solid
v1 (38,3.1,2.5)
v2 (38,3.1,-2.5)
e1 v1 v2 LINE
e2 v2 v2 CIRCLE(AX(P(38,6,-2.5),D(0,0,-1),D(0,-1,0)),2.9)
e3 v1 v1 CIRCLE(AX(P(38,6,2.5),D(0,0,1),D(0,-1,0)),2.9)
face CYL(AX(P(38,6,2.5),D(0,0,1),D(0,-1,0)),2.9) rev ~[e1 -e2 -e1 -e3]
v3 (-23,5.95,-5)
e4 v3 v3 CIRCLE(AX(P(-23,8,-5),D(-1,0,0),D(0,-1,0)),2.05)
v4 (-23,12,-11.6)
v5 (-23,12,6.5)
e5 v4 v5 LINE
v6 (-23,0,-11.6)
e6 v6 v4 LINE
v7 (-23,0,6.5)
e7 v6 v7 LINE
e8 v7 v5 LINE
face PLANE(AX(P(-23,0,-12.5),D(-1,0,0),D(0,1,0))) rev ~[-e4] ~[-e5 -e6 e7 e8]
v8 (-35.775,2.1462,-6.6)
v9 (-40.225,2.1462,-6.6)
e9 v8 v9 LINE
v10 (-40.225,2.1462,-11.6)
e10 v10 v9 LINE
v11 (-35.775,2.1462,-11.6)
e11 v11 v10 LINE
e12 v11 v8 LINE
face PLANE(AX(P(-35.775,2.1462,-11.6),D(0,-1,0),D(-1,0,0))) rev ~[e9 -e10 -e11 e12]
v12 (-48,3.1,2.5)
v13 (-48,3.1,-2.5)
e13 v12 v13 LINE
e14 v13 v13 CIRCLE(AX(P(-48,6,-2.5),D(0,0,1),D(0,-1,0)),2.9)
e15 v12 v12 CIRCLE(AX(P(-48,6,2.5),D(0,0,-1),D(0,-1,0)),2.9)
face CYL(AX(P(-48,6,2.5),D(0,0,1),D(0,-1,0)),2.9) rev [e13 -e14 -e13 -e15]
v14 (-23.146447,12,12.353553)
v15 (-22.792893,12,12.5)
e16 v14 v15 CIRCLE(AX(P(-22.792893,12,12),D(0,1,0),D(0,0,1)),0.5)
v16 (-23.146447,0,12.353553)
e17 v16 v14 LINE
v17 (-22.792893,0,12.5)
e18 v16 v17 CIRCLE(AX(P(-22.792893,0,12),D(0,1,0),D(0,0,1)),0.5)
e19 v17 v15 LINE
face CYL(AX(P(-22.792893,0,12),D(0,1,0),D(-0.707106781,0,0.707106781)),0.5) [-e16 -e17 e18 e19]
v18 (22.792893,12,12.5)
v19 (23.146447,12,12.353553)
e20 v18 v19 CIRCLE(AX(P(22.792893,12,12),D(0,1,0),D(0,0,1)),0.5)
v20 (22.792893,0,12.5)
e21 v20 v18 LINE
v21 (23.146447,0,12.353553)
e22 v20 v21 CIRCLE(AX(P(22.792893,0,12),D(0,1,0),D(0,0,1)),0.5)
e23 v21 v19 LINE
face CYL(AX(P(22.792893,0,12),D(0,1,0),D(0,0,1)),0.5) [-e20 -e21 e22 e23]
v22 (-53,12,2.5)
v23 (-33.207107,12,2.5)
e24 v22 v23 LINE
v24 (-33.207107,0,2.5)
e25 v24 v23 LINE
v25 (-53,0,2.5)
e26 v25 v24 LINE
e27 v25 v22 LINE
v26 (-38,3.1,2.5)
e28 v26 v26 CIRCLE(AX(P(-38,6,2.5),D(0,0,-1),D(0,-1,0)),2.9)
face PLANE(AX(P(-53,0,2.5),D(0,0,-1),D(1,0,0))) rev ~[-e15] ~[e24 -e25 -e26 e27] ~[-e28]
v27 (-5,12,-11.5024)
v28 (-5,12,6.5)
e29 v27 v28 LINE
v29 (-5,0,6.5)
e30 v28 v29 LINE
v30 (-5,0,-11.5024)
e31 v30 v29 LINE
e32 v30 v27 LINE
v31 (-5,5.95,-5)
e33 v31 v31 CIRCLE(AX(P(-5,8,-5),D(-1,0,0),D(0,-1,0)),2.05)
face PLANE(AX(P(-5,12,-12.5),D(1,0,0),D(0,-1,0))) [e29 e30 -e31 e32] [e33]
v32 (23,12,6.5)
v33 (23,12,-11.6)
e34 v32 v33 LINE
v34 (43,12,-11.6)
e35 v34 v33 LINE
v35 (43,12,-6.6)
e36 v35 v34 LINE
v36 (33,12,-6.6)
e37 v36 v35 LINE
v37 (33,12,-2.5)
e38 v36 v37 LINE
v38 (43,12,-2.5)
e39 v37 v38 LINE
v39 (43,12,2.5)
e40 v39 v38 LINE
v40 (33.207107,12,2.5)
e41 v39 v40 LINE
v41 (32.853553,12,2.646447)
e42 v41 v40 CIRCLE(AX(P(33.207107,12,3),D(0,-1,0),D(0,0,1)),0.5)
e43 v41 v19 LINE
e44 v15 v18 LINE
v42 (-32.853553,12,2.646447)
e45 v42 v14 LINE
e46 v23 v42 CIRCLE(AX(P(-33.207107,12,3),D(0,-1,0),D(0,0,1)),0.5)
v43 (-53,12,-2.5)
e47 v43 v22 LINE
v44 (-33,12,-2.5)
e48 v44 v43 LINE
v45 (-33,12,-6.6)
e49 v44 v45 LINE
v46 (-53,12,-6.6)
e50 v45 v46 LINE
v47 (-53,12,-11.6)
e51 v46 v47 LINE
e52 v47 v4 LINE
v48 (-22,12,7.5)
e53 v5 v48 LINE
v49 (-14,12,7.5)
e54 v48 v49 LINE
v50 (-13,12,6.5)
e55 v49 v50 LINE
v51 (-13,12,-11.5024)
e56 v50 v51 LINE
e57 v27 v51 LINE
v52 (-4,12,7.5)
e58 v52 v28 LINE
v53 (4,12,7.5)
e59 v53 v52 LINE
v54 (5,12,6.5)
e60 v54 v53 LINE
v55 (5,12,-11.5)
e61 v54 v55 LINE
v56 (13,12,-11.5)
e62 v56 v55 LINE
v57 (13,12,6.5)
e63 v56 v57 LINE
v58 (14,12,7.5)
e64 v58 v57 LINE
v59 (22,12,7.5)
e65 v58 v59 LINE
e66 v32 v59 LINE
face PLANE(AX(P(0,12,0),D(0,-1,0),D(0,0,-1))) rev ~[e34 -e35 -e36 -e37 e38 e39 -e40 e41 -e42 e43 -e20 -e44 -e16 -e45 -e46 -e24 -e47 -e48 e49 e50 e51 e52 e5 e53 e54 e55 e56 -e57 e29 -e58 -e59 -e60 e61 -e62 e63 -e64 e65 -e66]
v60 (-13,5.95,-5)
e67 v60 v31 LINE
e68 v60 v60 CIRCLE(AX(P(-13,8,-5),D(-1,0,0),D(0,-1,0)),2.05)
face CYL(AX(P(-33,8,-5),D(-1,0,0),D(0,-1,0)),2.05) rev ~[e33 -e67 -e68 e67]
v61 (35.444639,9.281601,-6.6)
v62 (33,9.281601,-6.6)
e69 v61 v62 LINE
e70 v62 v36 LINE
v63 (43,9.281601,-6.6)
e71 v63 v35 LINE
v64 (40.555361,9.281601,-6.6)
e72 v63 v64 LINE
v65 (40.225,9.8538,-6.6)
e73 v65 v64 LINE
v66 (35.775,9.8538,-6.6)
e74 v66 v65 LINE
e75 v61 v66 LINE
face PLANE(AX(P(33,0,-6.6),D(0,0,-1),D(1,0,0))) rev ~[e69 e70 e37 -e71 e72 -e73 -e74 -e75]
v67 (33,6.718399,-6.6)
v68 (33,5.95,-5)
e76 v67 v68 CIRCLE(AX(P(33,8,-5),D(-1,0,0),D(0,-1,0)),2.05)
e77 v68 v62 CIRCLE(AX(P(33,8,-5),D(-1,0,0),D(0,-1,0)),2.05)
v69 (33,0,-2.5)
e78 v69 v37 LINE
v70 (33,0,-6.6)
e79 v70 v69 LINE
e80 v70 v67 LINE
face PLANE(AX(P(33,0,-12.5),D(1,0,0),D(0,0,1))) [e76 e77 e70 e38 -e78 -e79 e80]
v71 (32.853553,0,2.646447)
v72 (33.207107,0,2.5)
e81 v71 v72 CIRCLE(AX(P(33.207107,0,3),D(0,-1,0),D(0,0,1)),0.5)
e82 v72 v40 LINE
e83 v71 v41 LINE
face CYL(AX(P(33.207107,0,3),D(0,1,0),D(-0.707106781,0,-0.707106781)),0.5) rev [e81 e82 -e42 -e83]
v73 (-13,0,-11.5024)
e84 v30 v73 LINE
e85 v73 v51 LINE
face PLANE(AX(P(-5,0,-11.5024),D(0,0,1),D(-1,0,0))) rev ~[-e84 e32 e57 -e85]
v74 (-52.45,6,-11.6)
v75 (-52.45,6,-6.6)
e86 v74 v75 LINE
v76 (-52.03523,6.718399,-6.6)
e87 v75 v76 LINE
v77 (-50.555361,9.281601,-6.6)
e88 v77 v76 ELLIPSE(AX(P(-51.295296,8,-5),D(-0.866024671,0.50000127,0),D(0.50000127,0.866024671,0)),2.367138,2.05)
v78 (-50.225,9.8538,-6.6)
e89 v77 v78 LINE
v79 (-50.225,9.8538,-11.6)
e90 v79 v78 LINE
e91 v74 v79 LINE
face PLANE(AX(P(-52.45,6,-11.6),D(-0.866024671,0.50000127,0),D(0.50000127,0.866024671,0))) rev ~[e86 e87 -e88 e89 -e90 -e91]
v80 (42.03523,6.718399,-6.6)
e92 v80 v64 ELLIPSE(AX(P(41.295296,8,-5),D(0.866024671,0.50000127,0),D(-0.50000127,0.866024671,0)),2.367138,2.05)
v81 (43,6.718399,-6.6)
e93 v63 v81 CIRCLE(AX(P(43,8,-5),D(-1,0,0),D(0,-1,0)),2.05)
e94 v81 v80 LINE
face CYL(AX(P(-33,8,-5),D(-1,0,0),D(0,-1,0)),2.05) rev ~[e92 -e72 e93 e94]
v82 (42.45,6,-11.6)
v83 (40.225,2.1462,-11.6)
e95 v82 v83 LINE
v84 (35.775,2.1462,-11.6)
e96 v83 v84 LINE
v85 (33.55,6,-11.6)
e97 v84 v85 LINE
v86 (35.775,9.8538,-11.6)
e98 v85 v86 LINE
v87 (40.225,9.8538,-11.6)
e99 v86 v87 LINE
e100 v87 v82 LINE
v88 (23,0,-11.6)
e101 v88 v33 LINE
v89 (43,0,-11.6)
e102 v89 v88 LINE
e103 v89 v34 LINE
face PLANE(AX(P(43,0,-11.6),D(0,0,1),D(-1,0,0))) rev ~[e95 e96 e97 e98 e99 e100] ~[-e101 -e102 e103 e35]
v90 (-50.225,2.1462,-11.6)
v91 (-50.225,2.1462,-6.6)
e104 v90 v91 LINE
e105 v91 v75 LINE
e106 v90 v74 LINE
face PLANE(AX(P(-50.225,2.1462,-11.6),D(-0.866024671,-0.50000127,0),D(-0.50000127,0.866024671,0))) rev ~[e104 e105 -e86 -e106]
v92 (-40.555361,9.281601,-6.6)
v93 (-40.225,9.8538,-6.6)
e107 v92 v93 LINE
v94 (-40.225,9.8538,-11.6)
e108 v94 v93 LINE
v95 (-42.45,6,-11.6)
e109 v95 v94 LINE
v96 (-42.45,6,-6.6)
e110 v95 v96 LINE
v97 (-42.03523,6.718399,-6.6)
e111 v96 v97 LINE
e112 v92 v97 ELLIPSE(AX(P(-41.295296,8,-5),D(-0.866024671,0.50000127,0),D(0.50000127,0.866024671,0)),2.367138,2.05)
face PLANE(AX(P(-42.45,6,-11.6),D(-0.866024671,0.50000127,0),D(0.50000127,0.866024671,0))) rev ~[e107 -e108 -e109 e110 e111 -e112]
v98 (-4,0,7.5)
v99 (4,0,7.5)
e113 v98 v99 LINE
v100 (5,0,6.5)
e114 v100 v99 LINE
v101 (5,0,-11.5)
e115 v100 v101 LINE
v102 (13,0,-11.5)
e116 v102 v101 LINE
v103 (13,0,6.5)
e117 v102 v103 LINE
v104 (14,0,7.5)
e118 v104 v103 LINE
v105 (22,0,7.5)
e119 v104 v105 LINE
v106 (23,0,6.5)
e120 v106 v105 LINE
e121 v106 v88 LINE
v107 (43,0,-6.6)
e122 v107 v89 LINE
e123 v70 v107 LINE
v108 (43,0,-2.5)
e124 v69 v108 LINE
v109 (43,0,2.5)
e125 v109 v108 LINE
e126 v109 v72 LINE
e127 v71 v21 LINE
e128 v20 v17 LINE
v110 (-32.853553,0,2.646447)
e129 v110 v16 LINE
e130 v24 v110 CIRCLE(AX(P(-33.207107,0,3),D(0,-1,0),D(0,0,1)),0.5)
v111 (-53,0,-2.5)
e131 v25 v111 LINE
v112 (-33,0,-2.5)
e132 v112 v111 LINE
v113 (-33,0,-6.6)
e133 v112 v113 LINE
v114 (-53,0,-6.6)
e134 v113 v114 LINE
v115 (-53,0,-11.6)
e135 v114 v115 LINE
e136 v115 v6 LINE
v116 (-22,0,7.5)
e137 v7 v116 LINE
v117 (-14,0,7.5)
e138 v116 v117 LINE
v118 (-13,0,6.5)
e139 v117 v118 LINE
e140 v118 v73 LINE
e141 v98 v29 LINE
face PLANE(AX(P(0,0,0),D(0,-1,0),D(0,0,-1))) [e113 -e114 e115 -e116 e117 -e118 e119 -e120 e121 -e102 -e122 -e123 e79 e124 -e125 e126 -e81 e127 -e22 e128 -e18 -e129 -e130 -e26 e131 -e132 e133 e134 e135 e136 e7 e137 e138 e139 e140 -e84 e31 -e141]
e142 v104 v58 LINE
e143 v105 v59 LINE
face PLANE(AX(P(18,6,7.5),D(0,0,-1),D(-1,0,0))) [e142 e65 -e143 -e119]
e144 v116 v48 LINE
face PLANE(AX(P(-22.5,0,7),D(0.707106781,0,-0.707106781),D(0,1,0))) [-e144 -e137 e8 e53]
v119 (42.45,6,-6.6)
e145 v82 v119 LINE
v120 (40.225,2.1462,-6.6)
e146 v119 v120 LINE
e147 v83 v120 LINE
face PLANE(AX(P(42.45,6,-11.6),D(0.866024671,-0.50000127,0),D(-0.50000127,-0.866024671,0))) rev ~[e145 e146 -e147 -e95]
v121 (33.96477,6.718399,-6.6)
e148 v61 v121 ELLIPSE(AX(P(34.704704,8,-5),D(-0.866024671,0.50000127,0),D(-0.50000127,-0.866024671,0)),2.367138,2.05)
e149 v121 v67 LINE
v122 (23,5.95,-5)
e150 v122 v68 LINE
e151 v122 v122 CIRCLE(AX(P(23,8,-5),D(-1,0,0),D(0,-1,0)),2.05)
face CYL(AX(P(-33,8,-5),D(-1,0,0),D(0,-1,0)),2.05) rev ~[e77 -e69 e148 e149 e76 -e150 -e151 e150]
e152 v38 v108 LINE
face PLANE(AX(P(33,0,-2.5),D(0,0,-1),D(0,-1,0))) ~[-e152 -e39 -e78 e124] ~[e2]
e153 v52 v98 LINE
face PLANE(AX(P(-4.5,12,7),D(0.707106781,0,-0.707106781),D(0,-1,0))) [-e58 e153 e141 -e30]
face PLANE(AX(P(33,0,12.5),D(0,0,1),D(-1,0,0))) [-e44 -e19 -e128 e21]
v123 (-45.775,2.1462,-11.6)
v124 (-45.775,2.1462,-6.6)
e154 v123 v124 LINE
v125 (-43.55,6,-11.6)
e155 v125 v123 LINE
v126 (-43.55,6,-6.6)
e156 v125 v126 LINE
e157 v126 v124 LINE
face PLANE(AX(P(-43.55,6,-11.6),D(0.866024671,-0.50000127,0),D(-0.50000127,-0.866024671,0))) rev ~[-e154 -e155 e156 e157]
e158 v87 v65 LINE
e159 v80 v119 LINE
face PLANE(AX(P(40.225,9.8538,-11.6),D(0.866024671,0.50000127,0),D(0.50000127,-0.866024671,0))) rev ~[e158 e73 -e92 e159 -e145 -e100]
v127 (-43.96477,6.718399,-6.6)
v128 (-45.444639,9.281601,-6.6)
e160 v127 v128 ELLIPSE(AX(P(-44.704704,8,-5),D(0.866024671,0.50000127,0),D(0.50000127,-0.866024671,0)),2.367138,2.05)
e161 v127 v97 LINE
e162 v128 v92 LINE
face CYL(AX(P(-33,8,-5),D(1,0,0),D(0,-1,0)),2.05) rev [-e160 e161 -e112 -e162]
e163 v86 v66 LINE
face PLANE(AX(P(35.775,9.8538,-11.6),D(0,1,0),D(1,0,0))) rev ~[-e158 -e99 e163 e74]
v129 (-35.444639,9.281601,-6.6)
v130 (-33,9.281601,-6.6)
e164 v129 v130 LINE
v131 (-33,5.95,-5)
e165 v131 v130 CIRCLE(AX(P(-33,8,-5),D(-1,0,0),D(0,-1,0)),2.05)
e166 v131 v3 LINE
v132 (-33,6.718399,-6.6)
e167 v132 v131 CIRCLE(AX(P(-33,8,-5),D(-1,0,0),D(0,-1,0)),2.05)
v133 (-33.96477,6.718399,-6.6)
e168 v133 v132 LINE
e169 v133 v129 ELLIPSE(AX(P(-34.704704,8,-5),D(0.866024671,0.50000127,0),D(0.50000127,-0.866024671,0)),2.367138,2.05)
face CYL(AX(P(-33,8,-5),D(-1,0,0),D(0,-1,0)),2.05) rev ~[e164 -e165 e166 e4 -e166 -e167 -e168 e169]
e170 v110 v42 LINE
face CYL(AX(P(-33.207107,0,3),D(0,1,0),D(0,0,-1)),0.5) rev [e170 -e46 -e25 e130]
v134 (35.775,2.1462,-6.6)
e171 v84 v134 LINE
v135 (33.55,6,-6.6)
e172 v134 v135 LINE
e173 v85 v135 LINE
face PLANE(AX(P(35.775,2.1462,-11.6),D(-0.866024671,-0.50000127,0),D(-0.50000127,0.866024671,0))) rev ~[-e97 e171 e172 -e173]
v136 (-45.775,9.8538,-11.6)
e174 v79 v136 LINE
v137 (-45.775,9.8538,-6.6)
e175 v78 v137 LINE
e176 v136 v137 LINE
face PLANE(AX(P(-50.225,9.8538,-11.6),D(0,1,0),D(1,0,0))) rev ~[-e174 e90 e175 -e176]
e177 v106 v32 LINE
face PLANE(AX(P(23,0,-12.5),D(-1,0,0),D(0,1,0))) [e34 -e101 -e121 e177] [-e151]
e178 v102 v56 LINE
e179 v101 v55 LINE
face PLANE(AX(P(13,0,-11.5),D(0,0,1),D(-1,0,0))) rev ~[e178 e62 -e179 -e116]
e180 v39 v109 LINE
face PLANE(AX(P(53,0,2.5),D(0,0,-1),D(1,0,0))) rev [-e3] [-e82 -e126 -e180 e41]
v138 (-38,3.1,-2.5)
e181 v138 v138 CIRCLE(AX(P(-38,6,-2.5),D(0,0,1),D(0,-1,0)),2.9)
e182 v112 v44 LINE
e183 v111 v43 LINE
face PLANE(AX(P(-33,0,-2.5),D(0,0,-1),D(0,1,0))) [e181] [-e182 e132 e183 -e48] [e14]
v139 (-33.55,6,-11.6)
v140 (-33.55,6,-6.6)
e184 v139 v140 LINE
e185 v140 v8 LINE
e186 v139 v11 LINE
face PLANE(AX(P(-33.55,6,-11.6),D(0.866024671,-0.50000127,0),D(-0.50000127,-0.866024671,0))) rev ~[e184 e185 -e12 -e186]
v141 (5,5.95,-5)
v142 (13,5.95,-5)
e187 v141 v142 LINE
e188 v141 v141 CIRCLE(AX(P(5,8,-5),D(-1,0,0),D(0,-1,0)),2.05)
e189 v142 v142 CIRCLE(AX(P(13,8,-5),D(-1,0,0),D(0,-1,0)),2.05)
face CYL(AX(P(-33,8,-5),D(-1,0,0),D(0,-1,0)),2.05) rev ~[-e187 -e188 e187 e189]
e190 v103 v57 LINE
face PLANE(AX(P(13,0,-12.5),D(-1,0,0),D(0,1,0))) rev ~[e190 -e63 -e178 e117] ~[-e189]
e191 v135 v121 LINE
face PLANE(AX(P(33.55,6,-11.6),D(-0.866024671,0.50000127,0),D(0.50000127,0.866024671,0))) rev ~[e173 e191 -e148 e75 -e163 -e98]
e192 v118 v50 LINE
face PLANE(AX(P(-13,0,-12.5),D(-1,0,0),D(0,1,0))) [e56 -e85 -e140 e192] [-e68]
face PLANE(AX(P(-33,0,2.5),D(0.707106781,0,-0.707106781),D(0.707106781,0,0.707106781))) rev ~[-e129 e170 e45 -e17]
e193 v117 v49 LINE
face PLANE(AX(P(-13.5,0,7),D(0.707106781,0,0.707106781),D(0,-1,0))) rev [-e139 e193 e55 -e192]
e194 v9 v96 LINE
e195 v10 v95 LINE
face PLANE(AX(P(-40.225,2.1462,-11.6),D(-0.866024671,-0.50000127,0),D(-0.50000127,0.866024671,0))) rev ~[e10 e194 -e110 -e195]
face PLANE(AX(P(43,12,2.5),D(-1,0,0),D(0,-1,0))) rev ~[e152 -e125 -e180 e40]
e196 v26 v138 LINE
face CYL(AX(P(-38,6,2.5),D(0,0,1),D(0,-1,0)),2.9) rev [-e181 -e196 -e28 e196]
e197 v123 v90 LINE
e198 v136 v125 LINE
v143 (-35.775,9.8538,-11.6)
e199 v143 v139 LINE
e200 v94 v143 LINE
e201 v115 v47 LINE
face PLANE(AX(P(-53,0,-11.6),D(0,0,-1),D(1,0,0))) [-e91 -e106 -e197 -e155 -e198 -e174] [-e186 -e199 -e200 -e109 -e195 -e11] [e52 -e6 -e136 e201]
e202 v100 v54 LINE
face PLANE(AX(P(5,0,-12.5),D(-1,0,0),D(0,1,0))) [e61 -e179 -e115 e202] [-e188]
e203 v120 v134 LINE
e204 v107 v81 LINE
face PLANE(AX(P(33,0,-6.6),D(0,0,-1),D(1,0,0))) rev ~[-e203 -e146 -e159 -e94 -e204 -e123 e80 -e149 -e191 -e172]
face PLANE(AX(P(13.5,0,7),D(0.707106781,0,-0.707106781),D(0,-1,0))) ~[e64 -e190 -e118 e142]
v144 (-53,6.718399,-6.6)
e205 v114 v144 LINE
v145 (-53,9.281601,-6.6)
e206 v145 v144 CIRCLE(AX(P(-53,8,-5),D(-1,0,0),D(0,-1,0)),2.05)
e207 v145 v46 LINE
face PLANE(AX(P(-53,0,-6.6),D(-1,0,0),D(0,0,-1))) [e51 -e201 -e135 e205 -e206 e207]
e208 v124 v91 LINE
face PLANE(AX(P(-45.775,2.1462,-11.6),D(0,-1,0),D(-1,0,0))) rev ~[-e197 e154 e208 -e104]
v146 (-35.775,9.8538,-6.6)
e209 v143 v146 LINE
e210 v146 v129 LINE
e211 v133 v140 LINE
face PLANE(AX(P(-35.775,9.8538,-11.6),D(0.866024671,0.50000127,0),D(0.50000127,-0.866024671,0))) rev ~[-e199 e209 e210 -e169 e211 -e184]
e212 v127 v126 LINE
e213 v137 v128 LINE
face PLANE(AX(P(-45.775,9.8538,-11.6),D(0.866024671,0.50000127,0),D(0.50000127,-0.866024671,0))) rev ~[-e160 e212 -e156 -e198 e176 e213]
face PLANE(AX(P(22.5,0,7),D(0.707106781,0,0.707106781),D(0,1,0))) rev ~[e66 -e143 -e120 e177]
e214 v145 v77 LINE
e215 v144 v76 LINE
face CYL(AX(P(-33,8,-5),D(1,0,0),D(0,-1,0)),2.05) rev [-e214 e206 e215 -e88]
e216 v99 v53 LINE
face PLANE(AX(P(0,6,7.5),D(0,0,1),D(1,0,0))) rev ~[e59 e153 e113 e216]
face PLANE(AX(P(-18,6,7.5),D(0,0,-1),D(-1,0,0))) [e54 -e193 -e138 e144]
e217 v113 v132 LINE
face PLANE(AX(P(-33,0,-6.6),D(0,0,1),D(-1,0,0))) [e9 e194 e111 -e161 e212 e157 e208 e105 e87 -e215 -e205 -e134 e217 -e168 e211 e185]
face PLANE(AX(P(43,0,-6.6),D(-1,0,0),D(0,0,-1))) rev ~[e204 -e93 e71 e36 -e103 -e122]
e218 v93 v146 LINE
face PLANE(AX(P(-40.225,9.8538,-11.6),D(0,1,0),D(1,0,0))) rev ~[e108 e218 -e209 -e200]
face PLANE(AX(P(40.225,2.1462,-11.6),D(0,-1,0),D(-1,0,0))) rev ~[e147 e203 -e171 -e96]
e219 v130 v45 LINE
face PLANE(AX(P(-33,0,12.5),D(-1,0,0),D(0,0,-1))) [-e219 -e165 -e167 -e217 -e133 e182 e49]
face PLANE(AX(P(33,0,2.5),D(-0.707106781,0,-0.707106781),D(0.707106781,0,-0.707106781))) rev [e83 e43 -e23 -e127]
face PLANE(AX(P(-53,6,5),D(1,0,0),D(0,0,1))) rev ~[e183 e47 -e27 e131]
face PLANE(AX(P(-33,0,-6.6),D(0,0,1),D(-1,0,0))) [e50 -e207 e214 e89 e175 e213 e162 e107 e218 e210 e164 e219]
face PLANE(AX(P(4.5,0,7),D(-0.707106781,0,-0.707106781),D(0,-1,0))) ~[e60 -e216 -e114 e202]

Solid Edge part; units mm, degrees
sketch "Sketch1" plane through (0, 0, 0) normal (0, -1, 0) x (1, 0, 0)
  line L0 (-33, -12.5) -> (33, -12.5)
  line L1 (33, -12.5) -> (33, 12.5)
  line L2 (33, 12.5) -> (-33, 12.5)
  line L3 (-33, 12.5) -> (-33, -12.5)
  dimension "D1" = 66
  dimension "D2" = 25
extrude "Protrusion1" add sketch "Sketch1" against normal blind 12
sketch "Sketch2" plane through (0, 6, -12.5) normal (0, 0, -1) x (1, 0, 0)
  line L0 (13, 6) -> (13, -6)
  line L1 (13, -6) -> (23, -6)
  line L2 (23, 6) -> (23, -6)
  line L3 (13, 6) -> (23, 6)
  line L4 (-5, 6) -> (5, 6)
  line L5 (5, 6) -> (5, -6)
  line L6 (5, -6) -> (-5, -6)
  line L7 (-5, -6) -> (-5, 6)
  line L8 (-23, 6) -> (-23, -6)
  line L9 (-23, -6) -> (-13, -6)
  line L10 (-13, 6) -> (-13, -6)
  line L11 (-23, 6) -> (-13, 6)
  dimension "D1" = 10
  dimension "D2" = 10
  dimension "D3" = 10
  dimension "D4" = 46
  dimension "D5" = 10
  dimension "D6" = 13
extrude "Extrusionsausschnitt_1" cut sketch "Sketch2" against normal blind 20
sketch "Sketch3" plane through (-33, 6, 0) normal (-1, 0, 0) x (0, -1, 0)
  line L0 (-6, 12.5) -> (6, 12.5)
  line L1 (6, 12.5) -> (6, -2.5)
  line L2 (6, -2.5) -> (-6, -2.5)
  line L3 (-6, -2.5) -> (-6, 12.5)
  dimension "D1" = 10
extrude "Extrusionsausprägung_2" add sketch "Sketch3" along normal blind 20
mirror "Mirror1" about plane through (0, 0, 0) normal (1, 0, 0) of "Extrusionsausprägung_2"
sketch "Sketch4" plane through (0, 0, 0) normal (0, -1, 0) x (1, 0, 0)
  line L0 (-33, -10.5) -> (33, -10.5)
  dimension "D1" = 8
extrude "Extrusionsausschnitt_3" cut sketch "Sketch4" against normal blind 62.4108 material side at (0, 0, -10.55)
sketch "Sketch5" plane through (0, 0, 1) normal (0, -1, 0) x (1, 0, 0)
  line L0 (-53, 1.5) -> (-33, 1.5)
  line L1 (-33, 1.5) -> (-23, 11.5)
  dimension "D1" = 20
  dimension "D2" = 5
extrude "Extrusionsausschnitt_4" cut sketch "Sketch5" against normal blind 64.7066 material side at (-43, 0, 2.55)
hole "Bohrung_1" at (-48, 6, 2.5) direction (0, 0, -1) diameter 5.8 end up to next
hole "Hole1" at (-38, 6, 2.5) direction (0, 0, -1) diameter 5.8 end up to next
fillet "Verrundung_1" radius 0.5 2 edges at (-33, 6, 2.5) (-23, 6, 12.5)
chamfer "Fase_1" distance 1 angle 45 4 edges at (-23, 6, 7.5) (-13, 6, 7.5) (13, 6, 7.5) (23, 6, 7.5)
mirror "Mirror2" about plane through (0, 0, 0) normal (1, 0, 0) of "Extrusionsausschnitt_4", "Bohrung_1", "Hole1"
fillet "Round1" radius 0.5 2 edges at (33, 6, 2.5) (23, 6, 12.5)
chamfer "Chamfer1" [suppressed]
sketch "Sketch6" plane through (43.1036, 6, 2.5) normal (0, 0, 1) x (1, 0, 0)
  line L0 (-0.1036, 6) -> (-0.1036, -6)
  dimension "D1" = 5
extrude "Extrusionsausschnitt_6" cut sketch "Sketch6" against normal blind 27.3244 material side at (43.05, 6, 2.5)
chamfer "Fase_3" distance 1 angle 45 2 edges at (-5, 6, 7.5) (5, 6, 7.5)
sketch "Sketch7" plane through (-5, 0, 1) normal (0, -1, 0) x (1, 0, 0)
  line L0 (-28, -7.6) -> (-48, -7.6)
  line L1 (-48, -7.6) -> (-48, -12.6)
  line L2 (-48, -12.6) -> (-18, -12.6)
  line L3 (-18, -12.6) -> (-18, -11.5)
  line L4 (-18, -11.5) -> (-28, -11.5)
  line L5 (-28, -11.5) -> (-28, -7.6)
  line L6 (38, -7.6) -> (48, -7.6)
  line L7 (48, -7.6) -> (48, -12.6)
  line L8 (48, -12.6) -> (28, -12.6)
  line L9 (28, -12.6) -> (28, -11.5)
  line L10 (28, -11.5) -> (38, -11.5)
  line L11 (38, -11.5) -> (38, -7.6)
  line L12 (-8, -11.5) -> (0, -11.5)
  line L13 (0, -11.5) -> (0, -12.5024)
  line L14 (0, -12.5024) -> (-8, -12.5024)
  line L15 (-8, -12.5024) -> (-8, -11.5)
  line L16 (10, -11.5) -> (18, -11.5)
  line L17 (18, -11.5) -> (18, -12.5)
  line L18 (18, -12.5) -> (10, -12.5)
  line L19 (10, -12.5) -> (10, -11.5)
  dimension "D1" = 5
  dimension "D2" = 4.1
  dimension "D3" = 5
  dimension "D4" = 4.1
  dimension "D5" = 1.0024
  dimension "D6" = 1
extrude "Protrusion3" add sketch "Sketch7" against normal up to vertex (12 mm away)
sketch "Sketch8" plane through (-38, 6, -11.6) normal (0, 0, -1) x (1, 0, 0)
  line L0 (-12.225, 3.8538) -> (-14.45, 0)
  line L1 (-14.45, 0) -> (-12.225, -3.8538)
  line L2 (-12.225, -3.8538) -> (-7.775, -3.8538)
  line L3 (-7.775, -3.8538) -> (-5.55, 0)
  line L4 (-5.55, 0) -> (-7.775, 3.8538)
  line L5 (-7.775, 3.8538) -> (-12.225, 3.8538)
  line L6 (-2.225, 3.8538) -> (-4.45, 0)
  line L7 (-4.45, 0) -> (-2.225, -3.8538)
  line L8 (-2.225, -3.8538) -> (2.225, -3.8538)
  line L9 (2.225, -3.8538) -> (4.45, 0)
  line L10 (4.45, 0) -> (2.225, 3.8538)
  line L11 (2.225, 3.8538) -> (-2.225, 3.8538)
  line L12 (73.775, 3.8538) -> (71.55, 0)
  line L13 (71.55, 0) -> (73.775, -3.8538)
  line L14 (73.775, -3.8538) -> (78.225, -3.8538)
  line L15 (78.225, -3.8538) -> (80.45, 0)
  line L16 (80.45, 0) -> (78.225, 3.8538)
  line L17 (78.225, 3.8538) -> (73.775, 3.8538)
  dimension "D1" = 8.9
  dimension "D2" = 8.9
  dimension "D3" = 8.9
extrude "Cutout2" cut sketch "Sketch8" against normal blind 5
sketch "Sketch9" plane through (-33, 6, -3) normal (-1, 0, 0) x (0, -1, 0)
  circle A0 centre (-2, -2) radius 2.05
  dimension "D1" = 4.1
  dimension "D2" = 2.5
  dimension "D3" = 4
extrude "Cutout3" cut sketch "Sketch9" along normal up to vertex (20 mm away) and the other way up to vertex (76 mm away)
properties part number "6" material "Polykarbonat"
